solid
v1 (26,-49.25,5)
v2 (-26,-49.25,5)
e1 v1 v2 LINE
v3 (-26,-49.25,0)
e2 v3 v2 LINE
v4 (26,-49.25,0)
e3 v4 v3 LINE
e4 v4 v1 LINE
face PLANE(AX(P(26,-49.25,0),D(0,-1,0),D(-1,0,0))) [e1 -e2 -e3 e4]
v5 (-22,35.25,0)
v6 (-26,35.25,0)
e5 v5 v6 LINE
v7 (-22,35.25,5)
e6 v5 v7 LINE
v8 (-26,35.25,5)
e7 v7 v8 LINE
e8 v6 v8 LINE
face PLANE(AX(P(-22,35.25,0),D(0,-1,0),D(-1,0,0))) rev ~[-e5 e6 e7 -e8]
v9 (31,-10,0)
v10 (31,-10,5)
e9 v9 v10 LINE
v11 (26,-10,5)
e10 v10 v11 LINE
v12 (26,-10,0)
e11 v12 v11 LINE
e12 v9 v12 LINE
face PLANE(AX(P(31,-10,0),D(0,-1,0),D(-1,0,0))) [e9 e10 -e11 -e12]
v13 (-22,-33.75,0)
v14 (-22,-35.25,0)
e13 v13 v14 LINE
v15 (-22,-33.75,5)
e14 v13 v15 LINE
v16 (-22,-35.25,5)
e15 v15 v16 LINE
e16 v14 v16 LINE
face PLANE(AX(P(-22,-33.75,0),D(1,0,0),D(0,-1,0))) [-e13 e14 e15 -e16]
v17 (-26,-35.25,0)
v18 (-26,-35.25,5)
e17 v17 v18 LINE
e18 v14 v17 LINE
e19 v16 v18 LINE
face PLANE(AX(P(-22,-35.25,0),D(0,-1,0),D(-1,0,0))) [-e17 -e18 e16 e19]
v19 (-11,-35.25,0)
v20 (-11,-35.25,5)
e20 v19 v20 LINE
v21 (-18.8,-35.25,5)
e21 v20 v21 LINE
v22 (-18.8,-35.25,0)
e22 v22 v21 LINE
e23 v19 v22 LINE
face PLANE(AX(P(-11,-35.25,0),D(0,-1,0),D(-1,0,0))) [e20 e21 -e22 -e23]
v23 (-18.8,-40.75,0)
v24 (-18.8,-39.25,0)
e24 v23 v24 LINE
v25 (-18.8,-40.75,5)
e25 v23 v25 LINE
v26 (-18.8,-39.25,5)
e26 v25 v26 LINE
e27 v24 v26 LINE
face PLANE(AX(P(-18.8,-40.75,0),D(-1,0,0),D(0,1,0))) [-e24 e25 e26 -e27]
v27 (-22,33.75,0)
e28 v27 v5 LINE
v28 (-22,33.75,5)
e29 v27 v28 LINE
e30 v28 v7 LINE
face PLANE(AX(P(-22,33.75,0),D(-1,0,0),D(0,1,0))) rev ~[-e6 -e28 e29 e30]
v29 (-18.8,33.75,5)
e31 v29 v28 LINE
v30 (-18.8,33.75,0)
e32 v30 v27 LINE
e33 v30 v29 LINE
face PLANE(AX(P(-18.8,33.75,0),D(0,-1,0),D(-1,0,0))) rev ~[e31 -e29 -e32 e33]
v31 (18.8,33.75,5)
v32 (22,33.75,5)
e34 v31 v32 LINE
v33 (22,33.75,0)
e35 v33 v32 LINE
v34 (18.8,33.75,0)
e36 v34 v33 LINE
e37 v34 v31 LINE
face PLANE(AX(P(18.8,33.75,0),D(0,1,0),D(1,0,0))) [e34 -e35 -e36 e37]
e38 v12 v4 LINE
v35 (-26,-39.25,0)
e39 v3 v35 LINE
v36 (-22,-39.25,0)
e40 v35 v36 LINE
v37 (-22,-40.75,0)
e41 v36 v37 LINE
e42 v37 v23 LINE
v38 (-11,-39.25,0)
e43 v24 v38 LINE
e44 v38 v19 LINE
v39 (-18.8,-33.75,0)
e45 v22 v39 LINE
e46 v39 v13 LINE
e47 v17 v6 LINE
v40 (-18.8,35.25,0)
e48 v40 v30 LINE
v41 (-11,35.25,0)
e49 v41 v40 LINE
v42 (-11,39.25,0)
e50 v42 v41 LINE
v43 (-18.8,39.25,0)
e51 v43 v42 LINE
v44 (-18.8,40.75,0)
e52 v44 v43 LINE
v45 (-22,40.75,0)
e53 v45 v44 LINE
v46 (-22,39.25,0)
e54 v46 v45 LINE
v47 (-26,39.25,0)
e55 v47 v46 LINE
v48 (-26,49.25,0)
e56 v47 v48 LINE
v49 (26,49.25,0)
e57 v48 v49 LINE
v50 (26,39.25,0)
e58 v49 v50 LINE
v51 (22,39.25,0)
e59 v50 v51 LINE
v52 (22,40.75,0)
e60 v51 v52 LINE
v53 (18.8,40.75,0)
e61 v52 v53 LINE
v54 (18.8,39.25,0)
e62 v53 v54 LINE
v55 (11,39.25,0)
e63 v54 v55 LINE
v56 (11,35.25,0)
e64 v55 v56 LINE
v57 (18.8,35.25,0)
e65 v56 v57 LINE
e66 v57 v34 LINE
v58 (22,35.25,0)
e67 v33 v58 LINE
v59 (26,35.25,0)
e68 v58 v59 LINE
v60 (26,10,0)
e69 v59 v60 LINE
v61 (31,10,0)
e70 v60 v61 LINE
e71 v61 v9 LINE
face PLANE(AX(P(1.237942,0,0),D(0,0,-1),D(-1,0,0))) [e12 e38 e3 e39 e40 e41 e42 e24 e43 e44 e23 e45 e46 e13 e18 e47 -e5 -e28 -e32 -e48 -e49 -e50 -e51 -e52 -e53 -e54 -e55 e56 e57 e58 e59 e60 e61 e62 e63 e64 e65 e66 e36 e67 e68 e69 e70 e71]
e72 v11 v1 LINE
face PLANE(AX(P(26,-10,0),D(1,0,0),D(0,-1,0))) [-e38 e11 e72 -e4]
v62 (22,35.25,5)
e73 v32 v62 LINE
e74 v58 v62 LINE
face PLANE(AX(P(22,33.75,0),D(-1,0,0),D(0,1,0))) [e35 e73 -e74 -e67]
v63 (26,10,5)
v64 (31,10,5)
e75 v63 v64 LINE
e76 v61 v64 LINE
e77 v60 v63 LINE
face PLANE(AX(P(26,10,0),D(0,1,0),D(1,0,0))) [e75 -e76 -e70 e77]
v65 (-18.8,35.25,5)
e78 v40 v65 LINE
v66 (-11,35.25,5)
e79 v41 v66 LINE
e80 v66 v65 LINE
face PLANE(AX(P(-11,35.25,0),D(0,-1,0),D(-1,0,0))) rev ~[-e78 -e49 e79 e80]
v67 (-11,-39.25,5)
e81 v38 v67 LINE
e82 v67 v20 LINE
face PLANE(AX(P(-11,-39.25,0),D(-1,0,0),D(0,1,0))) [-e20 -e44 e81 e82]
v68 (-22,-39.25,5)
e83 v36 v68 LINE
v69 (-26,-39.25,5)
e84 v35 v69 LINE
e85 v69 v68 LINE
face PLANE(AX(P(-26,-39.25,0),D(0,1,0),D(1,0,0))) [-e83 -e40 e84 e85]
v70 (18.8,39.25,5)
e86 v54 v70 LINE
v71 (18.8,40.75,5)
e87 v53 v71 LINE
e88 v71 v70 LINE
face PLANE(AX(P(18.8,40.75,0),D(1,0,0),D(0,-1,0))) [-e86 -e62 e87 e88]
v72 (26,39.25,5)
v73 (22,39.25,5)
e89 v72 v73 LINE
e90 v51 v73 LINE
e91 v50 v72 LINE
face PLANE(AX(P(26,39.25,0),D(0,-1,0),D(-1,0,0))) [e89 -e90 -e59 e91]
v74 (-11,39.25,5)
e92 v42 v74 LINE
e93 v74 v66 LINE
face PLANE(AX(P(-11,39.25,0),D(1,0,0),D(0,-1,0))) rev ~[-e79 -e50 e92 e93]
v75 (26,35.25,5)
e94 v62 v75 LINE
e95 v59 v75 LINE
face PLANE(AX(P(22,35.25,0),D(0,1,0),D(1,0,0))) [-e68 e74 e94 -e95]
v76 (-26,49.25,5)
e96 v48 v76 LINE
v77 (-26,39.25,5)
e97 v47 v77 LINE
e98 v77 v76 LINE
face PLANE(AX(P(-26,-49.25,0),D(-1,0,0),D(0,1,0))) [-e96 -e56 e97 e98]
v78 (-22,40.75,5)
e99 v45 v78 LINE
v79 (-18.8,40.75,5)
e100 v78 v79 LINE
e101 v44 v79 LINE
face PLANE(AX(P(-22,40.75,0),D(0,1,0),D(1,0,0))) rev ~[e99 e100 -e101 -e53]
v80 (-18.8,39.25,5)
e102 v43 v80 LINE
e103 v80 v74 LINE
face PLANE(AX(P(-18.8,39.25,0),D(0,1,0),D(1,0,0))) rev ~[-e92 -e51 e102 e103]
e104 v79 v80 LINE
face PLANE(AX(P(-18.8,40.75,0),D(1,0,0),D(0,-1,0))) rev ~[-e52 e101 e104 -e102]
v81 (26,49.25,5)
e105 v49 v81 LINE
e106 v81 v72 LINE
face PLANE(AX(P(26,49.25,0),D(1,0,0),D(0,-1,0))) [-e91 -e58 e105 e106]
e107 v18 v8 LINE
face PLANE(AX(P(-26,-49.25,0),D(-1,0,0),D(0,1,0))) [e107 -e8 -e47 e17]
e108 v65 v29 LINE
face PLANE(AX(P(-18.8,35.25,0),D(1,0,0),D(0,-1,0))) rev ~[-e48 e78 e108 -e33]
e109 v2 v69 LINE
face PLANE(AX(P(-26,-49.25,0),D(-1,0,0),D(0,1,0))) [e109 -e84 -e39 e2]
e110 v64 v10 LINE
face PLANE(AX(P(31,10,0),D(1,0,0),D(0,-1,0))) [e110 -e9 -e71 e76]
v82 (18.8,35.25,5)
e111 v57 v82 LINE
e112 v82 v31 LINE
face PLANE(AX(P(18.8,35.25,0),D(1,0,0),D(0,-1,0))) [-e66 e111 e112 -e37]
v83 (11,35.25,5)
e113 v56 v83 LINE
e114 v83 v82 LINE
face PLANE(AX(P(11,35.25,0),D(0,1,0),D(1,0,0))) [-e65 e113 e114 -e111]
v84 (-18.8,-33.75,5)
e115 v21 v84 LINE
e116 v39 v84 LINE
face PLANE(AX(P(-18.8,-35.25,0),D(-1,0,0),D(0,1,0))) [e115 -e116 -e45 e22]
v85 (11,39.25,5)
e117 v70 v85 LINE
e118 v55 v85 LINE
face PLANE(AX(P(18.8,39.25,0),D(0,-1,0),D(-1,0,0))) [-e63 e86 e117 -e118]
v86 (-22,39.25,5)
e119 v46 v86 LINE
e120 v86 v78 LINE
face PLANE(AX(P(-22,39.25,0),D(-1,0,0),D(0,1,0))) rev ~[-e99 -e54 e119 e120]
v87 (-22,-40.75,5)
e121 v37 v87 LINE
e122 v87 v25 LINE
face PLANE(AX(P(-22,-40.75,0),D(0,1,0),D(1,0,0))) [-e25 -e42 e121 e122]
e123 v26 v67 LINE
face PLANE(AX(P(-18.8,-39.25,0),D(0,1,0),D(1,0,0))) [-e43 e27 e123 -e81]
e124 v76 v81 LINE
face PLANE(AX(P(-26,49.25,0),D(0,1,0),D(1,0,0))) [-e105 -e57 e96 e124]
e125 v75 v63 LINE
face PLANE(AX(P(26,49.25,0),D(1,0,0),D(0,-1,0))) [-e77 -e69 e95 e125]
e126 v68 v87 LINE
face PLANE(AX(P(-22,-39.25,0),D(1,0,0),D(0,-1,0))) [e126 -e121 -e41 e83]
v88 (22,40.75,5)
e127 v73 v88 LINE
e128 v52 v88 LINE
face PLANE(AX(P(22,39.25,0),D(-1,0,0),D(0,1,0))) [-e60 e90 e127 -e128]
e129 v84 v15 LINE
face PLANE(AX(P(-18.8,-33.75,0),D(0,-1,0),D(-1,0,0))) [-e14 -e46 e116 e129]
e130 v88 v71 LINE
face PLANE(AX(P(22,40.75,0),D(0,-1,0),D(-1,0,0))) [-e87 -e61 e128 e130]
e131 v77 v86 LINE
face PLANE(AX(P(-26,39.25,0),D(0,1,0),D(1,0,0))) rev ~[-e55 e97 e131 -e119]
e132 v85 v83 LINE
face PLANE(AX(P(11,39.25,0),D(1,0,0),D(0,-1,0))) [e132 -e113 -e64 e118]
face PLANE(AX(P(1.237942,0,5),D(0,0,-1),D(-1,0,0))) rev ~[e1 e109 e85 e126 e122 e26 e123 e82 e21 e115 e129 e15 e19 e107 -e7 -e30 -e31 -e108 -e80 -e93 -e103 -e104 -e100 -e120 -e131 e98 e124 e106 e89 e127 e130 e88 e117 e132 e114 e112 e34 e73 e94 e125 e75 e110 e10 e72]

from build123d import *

# Parameters (mm, degrees)
BOSS_EXTRUDE1_DEPTH = 5
CUT_EXTRUDE1_DEPTH  = 10


with BuildPart() as part:
    # Sketch1 → Boss-Extrude1 (new body)
    with BuildSketch(Plane.XY):
        Polygon((26, 10), (31, 10), (31, -10), (26, -10), (26, -49.25), (-26, -49.25), (-26, 49.25), (26, 49.25), align=None)
    extrude(amount=BOSS_EXTRUDE1_DEPTH)

    # Sketch2 → Cut-Extrude1 (cut)
    with BuildSketch(Plane(origin=(0, 0, 0), x_dir=(-1, 0, 0), z_dir=(0, 0, -1))):
        Polygon((26, 39.25), (22, 39.25), (22, 40.75), (18.8, 40.75), (18.8, 39.25), (11, 39.25), (11, 35.25), (18.8, 35.25), (18.8, 33.75), (22, 33.75), (22, 35.25), (26, 35.25), align=None)
        Polygon((26, -35.25), (26, -39.25), (22, -39.25), (22, -40.75), (18.8, -40.75), (18.8, -39.25), (11, -39.25), (11, -35.25), (18.8, -35.25), (18.8, -33.75), (22, -33.75), (22, -35.25), align=None)
        Polygon((-26, 35.25), (-26, 39.25), (-22, 39.25), (-22, 40.75), (-18.8, 40.75), (-18.8, 39.25), (-11, 39.25), (-11, 35.25), (-18.8, 35.25), (-18.8, 33.75), (-22, 33.75), (-22, 35.25), align=None)
    extrude(amount=-CUT_EXTRUDE1_DEPTH, mode=Mode.SUBTRACT)


solid = part.part
